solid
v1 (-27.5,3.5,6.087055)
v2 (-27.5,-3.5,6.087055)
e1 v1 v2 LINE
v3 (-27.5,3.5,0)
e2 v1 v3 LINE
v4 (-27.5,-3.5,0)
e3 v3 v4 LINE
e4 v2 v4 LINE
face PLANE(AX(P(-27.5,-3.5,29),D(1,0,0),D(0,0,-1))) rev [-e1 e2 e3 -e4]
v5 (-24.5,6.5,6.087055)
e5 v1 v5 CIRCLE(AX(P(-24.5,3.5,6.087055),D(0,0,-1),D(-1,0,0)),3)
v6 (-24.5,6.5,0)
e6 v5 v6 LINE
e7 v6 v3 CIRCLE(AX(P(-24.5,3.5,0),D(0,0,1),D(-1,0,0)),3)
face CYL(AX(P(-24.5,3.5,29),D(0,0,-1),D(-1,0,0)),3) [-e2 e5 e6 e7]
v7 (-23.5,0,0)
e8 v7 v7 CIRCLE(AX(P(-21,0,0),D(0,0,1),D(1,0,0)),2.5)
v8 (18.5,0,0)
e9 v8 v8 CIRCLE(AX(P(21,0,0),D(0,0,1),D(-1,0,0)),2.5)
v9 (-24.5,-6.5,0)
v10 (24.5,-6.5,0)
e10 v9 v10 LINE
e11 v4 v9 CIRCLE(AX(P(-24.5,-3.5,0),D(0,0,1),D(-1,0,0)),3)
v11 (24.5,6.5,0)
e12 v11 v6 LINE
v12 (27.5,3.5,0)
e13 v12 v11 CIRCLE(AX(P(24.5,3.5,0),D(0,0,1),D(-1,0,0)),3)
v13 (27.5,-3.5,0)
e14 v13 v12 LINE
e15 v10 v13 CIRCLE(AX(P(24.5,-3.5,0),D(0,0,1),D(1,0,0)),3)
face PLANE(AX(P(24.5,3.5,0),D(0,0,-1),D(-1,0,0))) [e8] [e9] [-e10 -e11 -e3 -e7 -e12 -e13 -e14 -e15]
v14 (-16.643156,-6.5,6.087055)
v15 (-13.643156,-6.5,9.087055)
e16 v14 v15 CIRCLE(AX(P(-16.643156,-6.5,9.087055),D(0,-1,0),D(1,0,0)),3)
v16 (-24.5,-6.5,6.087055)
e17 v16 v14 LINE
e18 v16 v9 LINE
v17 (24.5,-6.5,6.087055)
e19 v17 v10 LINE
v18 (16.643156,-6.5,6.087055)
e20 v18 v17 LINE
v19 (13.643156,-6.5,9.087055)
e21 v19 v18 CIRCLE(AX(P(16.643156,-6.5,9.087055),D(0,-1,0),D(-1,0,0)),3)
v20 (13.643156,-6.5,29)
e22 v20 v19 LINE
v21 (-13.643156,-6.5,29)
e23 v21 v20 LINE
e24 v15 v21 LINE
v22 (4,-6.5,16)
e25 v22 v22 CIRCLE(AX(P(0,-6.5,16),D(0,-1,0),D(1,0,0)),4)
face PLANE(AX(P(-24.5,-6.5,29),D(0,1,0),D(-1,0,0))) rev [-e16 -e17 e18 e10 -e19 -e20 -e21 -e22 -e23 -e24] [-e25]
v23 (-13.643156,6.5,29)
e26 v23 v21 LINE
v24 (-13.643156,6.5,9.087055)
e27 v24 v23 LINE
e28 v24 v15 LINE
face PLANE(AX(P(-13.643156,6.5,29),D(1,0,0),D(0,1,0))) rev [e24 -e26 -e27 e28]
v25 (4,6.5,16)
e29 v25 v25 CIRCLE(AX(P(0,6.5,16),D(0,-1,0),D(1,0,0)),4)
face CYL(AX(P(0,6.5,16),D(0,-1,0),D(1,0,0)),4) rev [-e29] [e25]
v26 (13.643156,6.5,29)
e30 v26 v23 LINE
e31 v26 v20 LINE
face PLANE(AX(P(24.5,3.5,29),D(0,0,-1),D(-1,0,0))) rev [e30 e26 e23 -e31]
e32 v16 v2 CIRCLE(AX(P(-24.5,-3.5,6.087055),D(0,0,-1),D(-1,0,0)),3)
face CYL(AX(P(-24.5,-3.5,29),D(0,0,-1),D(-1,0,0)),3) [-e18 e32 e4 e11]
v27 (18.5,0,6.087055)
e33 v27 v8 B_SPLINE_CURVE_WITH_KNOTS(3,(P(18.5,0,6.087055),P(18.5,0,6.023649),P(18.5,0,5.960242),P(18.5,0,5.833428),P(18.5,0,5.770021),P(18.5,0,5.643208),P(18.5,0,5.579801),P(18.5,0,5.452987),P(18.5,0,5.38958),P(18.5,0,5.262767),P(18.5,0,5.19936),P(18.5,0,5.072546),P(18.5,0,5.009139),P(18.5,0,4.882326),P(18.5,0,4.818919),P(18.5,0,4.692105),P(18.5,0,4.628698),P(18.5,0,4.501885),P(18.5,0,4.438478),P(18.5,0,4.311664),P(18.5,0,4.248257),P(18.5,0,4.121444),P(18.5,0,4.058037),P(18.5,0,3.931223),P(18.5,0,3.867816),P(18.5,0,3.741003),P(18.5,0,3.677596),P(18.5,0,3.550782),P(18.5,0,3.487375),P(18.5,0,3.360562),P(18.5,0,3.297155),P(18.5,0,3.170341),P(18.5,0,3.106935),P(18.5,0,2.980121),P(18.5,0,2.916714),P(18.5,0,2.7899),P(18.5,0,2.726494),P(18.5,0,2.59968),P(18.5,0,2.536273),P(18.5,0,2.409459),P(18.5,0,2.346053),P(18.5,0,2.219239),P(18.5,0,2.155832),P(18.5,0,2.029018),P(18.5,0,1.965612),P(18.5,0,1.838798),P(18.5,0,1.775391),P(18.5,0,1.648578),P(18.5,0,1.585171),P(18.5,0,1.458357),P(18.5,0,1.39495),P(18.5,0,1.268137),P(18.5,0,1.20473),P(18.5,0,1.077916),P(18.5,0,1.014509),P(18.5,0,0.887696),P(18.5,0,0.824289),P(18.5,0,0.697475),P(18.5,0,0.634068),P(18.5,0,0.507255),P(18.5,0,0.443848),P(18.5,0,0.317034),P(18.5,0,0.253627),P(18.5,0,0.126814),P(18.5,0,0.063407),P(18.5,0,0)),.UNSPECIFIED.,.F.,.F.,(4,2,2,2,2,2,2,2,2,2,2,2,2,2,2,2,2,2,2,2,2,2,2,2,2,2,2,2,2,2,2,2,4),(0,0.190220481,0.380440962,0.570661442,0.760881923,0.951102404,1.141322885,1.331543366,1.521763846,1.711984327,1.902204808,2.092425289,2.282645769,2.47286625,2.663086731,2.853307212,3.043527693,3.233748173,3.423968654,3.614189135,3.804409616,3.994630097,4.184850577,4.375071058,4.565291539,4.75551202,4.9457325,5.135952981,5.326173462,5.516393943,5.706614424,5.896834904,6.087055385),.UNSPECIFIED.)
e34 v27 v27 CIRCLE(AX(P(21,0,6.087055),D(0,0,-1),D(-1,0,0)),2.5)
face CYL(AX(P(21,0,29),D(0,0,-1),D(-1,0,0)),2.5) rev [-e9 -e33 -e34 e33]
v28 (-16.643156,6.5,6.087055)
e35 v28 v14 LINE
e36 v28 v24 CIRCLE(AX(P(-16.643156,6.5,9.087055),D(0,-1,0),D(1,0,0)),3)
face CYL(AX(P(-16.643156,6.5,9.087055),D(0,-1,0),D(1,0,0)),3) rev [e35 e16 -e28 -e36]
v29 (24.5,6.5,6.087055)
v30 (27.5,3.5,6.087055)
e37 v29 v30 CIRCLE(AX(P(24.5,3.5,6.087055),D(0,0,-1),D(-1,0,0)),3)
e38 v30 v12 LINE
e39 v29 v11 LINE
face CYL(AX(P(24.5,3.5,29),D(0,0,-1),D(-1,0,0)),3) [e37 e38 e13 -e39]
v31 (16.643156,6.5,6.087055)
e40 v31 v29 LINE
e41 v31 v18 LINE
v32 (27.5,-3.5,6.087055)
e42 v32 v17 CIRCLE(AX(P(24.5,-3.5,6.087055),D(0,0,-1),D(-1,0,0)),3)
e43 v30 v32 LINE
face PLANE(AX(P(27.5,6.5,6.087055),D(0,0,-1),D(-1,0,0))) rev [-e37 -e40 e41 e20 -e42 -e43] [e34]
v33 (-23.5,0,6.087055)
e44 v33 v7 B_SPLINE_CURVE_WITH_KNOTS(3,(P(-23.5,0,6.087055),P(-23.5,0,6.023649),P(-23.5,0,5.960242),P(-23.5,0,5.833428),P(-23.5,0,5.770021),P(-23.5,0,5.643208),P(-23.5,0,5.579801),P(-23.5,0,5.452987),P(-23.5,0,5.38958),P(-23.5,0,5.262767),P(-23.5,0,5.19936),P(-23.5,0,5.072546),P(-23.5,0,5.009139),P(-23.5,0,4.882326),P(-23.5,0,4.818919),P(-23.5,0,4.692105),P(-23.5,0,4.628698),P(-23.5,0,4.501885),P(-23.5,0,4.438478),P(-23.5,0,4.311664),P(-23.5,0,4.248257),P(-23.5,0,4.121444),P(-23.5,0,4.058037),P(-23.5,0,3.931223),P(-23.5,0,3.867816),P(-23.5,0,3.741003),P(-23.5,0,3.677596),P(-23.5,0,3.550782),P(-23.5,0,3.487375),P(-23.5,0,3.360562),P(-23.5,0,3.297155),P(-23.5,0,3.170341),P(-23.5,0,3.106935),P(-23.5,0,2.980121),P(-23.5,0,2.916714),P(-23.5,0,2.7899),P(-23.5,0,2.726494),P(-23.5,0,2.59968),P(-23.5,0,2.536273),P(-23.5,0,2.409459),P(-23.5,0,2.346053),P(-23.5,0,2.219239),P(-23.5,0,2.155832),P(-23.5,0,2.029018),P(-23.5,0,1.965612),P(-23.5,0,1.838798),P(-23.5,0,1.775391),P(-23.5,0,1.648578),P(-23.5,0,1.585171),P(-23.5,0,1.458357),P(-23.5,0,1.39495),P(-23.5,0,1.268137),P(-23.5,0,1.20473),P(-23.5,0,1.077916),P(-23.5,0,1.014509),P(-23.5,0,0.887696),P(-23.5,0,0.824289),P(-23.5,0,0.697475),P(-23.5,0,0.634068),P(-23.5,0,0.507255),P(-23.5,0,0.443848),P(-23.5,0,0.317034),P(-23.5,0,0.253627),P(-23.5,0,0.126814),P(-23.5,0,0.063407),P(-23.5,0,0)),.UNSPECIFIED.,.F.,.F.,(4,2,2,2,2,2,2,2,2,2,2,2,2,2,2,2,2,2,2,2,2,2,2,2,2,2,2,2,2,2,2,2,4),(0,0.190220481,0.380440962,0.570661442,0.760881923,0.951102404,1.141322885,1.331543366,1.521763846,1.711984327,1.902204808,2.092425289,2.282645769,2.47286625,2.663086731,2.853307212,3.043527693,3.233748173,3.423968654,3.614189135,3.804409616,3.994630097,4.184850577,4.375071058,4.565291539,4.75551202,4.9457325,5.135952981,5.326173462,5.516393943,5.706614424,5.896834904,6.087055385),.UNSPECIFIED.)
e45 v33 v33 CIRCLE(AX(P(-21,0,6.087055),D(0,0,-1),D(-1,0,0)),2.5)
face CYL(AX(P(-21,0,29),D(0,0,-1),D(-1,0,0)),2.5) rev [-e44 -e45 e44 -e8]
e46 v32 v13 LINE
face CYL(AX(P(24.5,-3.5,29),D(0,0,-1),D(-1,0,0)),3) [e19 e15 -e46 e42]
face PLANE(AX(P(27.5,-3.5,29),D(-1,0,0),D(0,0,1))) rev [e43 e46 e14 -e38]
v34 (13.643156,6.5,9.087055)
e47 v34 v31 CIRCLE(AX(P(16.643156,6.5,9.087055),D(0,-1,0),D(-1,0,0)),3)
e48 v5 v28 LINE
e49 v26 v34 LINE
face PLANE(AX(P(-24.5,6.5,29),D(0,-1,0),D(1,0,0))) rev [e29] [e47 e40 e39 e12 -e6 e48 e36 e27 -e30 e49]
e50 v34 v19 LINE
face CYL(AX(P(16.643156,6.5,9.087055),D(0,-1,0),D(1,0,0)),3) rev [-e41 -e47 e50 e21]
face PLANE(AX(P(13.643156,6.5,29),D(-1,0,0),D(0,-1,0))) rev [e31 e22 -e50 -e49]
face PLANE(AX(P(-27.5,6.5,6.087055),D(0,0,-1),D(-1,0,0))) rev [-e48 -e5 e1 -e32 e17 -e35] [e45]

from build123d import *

# Parameters (mm, degrees)
ESBO_O2_R                = 2.5
RESSALTO_EXTRUS_O1_DEPTH = 29
ESBO_O3_R                = 4
CORTE_EXTRUS_O1_DEPTH    = 43.026777178


with BuildPart() as part:
    # Esboço2 → Ressalto-extrusão1 (new body)
    with BuildSketch(Plane.XY):
        with BuildLine():
            Line((-27.5, -3.5), (-27.5, 3.5))
            ThreePointArc((-27.5, 3.5), (-26.621320344, 5.621320344), (-24.5, 6.5))
            Line((-24.5, 6.5), (24.5, 6.5))
            ThreePointArc((24.5, 6.5), (26.621320344, 5.621320344), (27.5, 3.5))
            Line((27.5, 3.5), (27.5, -3.5))
            ThreePointArc((27.5, -3.5), (26.621320344, -5.621320344), (24.5, -6.5))
            Line((24.5, -6.5), (-24.5, -6.5))
            ThreePointArc((-24.5, -6.5), (-26.621320344, -5.621320344), (-27.5, -3.5))
        make_face()
        with Locations(Location((-21, 0, 0), (0, 0, 180))):
            Circle(ESBO_O2_R, mode=Mode.SUBTRACT)
        with Locations(Location((21, 0, 0), (0, 0, 180))):
            Circle(ESBO_O2_R, mode=Mode.SUBTRACT)
    extrude(amount=RESSALTO_EXTRUS_O1_DEPTH)

    # Esboço3 → Corte-extrusão1 (cut, through all)
    with BuildSketch(Plane.XZ.offset(6.5)):
        with Locations((0, 16)):
            Circle(ESBO_O3_R)
        with BuildLine():
            Line((-27.5, 29), (-13.643156348, 29))
            Line((-13.643156348, 29), (-13.643156348, 9.087055385))
            ThreePointArc((-13.643156348, 9.087055385), (-14.521836004, 6.965735042), (-16.643156348, 6.087055385))
            Line((-16.643156348, 6.087055385), (-27.5, 6.087055385))
            Line((-27.5, 6.087055385), (-27.5, 29))
        make_face()
        with BuildLine():
            Line((27.5, 6.087055385), (16.643156348, 6.087055385))
            ThreePointArc((16.643156348, 6.087055385), (14.521836004, 6.965735042), (13.643156348, 9.087055385))
            Line((13.643156348, 9.087055385), (13.643156348, 29))
            Line((13.643156348, 29), (27.5, 29))
            Line((27.5, 29), (27.5, 6.087055385))
        make_face()
    extrude(amount=-CORTE_EXTRUS_O1_DEPTH, mode=Mode.SUBTRACT)


solid = part.part
